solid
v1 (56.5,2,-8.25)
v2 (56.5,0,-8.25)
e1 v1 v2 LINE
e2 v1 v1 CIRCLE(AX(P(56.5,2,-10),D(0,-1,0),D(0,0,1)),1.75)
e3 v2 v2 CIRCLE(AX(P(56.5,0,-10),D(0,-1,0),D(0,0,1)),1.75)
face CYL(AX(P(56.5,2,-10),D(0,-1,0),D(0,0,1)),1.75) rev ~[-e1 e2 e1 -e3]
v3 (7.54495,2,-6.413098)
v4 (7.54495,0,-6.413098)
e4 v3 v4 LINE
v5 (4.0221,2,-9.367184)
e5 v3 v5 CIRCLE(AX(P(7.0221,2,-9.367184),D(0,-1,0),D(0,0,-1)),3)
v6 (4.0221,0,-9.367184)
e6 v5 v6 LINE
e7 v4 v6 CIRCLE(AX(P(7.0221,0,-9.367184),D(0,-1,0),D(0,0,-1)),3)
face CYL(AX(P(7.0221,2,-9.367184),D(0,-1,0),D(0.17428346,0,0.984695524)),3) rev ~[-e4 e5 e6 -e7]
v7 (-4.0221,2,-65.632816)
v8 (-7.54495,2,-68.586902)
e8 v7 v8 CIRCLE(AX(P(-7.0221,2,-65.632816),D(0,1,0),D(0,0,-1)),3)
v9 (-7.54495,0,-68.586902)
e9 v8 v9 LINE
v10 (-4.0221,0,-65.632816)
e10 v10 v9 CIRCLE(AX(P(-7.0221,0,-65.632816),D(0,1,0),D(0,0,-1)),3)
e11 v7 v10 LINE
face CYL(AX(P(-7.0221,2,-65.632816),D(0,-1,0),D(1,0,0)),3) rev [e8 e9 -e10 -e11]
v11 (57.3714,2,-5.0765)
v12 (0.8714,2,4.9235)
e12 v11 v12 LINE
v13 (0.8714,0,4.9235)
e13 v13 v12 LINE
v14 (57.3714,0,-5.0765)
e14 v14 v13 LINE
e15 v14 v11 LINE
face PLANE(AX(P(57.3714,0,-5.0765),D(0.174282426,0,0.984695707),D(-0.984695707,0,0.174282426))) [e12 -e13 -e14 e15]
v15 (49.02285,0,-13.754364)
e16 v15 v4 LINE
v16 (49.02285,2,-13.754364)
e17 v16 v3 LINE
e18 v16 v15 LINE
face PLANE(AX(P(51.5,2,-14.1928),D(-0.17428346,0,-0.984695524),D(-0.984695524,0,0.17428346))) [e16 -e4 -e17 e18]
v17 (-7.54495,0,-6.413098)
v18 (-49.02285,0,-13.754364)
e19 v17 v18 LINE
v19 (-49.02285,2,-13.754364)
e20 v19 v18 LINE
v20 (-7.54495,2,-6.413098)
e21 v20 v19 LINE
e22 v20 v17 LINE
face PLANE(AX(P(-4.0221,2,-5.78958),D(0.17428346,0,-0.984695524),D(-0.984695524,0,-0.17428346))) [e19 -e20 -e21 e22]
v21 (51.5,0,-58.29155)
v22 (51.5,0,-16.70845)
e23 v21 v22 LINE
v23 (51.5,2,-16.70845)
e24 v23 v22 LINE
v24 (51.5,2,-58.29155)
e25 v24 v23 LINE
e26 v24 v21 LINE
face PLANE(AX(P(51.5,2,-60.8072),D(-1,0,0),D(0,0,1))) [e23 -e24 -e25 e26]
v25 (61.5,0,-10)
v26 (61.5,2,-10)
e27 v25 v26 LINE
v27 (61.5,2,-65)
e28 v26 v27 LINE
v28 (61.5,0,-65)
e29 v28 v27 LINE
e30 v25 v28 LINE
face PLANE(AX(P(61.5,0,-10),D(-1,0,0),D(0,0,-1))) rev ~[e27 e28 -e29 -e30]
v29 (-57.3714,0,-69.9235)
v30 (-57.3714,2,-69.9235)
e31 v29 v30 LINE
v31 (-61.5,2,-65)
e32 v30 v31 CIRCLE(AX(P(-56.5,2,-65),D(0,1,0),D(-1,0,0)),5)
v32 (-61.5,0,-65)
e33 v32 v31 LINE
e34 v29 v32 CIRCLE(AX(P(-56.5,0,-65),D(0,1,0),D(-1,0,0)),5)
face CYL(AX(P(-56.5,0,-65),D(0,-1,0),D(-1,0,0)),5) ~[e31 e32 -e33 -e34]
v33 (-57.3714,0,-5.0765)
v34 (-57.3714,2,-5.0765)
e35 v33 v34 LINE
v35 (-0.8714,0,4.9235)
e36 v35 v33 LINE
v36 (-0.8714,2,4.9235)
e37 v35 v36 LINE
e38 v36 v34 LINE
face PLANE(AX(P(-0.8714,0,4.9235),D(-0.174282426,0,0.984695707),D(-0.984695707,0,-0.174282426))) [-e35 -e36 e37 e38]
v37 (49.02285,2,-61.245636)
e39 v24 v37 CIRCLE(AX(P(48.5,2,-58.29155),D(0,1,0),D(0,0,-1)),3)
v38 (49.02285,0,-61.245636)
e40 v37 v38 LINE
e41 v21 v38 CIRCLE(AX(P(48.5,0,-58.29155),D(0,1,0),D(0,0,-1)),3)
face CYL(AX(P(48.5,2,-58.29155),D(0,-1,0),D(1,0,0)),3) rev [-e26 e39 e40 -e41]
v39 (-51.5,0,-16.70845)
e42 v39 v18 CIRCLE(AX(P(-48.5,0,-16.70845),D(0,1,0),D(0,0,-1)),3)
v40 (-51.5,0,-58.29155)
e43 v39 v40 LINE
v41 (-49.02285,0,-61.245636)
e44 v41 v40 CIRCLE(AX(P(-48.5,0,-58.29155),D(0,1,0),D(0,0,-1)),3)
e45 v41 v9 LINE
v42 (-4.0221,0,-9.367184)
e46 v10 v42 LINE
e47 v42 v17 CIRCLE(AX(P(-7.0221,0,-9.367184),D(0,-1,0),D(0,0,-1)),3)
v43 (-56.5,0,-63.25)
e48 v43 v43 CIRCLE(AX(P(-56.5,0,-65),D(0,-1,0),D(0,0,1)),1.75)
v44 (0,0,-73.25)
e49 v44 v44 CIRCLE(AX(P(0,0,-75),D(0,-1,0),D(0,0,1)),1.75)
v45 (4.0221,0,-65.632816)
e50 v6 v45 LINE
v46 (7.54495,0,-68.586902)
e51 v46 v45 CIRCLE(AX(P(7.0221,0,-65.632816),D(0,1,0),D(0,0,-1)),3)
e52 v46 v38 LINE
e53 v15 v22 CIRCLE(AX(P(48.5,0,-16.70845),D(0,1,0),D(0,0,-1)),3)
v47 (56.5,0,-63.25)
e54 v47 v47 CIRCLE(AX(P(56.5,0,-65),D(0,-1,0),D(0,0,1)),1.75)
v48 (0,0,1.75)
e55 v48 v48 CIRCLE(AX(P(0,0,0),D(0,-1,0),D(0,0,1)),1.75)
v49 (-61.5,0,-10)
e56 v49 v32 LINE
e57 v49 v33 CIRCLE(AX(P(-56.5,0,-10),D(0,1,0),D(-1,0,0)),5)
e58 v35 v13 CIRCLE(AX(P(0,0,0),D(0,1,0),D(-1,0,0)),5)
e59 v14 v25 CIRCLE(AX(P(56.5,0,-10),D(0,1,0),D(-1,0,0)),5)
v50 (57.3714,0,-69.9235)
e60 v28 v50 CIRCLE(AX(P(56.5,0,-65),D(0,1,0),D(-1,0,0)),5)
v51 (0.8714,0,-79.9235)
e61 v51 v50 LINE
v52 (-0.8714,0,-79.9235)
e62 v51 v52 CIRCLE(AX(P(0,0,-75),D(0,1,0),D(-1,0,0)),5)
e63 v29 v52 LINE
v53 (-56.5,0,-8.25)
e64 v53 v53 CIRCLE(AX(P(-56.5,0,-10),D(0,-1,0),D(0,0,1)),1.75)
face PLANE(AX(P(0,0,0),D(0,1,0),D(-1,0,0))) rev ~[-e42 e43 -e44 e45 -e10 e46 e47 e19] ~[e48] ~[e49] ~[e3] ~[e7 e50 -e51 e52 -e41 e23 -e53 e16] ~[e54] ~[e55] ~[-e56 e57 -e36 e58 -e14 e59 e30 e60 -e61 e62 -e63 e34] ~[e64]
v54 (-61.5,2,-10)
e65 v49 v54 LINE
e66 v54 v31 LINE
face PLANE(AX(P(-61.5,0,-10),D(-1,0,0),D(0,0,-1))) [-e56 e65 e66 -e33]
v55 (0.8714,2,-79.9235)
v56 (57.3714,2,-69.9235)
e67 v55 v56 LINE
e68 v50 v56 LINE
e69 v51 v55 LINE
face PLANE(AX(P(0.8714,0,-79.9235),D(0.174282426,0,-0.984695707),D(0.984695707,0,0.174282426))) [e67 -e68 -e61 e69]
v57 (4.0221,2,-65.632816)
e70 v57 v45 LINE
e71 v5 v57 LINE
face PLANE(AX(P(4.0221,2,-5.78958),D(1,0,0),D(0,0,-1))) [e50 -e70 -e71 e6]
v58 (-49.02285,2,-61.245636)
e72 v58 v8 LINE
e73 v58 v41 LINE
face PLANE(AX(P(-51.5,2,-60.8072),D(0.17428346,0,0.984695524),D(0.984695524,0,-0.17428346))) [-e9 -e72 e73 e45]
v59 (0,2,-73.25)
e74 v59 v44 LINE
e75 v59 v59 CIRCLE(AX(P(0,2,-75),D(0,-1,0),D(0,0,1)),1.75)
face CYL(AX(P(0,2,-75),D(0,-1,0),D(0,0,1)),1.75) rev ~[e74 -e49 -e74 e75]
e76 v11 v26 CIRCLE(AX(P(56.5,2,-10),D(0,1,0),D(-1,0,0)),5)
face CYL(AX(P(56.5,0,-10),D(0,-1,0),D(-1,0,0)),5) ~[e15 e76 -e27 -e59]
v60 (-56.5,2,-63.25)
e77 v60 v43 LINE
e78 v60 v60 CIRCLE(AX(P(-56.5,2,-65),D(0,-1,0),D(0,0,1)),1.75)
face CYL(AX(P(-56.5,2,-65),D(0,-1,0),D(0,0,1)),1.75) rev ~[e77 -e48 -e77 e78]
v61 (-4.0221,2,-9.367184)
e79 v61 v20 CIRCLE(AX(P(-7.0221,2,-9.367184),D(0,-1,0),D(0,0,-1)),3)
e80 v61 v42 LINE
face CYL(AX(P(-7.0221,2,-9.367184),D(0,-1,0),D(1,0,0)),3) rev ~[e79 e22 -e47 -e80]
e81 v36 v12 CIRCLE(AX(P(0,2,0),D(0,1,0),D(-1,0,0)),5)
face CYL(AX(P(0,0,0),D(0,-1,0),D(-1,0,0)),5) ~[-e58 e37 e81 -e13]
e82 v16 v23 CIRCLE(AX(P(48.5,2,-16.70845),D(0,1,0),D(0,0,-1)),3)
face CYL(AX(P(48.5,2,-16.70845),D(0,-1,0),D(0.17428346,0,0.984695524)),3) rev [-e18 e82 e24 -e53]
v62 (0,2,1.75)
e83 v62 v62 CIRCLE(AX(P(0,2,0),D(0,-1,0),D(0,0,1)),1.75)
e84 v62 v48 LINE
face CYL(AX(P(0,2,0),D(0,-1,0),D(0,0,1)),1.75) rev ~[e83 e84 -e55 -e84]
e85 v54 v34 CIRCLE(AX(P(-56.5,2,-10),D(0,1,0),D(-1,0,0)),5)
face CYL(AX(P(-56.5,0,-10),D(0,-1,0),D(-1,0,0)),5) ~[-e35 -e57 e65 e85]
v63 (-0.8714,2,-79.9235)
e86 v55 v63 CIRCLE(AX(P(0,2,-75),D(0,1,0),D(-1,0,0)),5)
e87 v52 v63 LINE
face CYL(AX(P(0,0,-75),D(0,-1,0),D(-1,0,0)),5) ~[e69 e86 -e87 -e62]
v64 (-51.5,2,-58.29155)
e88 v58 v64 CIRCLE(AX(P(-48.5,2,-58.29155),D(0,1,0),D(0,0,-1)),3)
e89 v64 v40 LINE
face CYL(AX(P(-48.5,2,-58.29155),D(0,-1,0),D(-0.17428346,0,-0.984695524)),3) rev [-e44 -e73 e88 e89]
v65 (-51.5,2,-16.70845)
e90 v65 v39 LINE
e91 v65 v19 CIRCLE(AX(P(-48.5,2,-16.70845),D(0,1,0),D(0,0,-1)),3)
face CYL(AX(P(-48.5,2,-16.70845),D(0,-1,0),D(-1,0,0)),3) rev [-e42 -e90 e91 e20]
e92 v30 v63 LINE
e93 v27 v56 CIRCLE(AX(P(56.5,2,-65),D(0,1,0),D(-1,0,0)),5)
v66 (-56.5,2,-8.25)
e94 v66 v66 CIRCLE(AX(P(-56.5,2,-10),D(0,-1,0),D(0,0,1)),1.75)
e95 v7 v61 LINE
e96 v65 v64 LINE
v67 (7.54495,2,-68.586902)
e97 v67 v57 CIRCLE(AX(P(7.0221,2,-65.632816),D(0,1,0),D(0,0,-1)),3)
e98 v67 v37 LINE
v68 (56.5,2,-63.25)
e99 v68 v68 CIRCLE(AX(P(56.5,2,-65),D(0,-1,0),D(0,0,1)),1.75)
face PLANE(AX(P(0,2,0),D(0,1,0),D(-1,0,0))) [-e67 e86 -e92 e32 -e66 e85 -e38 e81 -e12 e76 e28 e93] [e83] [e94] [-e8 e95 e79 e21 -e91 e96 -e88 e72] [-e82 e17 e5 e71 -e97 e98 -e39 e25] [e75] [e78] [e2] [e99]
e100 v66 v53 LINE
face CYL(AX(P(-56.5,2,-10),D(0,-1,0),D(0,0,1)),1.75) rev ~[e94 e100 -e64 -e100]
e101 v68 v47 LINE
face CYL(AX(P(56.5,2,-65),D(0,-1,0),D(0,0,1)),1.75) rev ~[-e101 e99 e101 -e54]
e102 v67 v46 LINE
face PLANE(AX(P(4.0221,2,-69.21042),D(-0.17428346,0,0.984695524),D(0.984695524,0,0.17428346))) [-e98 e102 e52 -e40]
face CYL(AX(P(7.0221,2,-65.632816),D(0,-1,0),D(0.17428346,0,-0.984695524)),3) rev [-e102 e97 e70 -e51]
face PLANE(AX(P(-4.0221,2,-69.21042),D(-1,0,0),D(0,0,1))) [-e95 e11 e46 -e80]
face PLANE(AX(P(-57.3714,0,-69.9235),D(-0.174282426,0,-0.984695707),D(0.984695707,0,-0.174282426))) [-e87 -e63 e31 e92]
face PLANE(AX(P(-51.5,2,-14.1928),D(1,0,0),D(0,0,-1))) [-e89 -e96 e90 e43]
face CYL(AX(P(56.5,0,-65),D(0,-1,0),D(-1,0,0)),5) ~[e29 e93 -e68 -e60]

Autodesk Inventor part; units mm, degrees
ref_plane "YZ Plane" through (0, 0, 0) normal (1, 0, 0) x (0, 1, 0)
ref_plane "XZ Plane" through (0, 0, 0) normal (0, 1, 0) x (-1, 0, 0)
ref_plane "XY Plane" through (0, 0, 0) normal (0, 0, 1) x (1, 0, 0)
sketch "Szkic1" plane through (0, 0, 0) normal (0, 1, 0) x (-1, 0, 0)
  line L0 (0, 0) -> (0, -75) construction
  line L1 (-56.5, -37.5) -> (56.5, -37.5) construction
  line L2 (56.5, -10) -> (56.5, -65) construction
  line L3 (-56.5, -10) -> (-56.5, -65) construction
  circle A0 centre (56.5, -10) radius 5
  circle A1 centre (56.5, -65) radius 5
  circle A2 centre (0, 0) radius 5
  circle A3 centre (0, -75) radius 5
  circle A4 centre (-56.5, -10) radius 5
  circle A5 centre (-56.5, -65) radius 5
  line L4 (0.8714, 4.9235) -> (57.3714, -5.0765)
  line L5 (57.3714, -69.9235) -> (0.8714, -79.9235)
  line L6 (-0.8714, -79.9235) -> (-57.3714, -69.9235)
  line L7 (-57.3714, -5.0765) -> (-0.8714, 4.9235)
  line L8 (-61.5, -10) -> (-61.5, -65)
  line L9 (61.5, -10) -> (61.5, -65)
  point P0 (0, -37.5)
  point P1 (0, -37.5)
  dimension "d0" = 75
  dimension "d1" = 113
  dimension "d2" = 55
  dimension "d3" = 55
  dimension "d4" = 10
  dimension "d5" = 10
  dimension "d6" = 10
  dimension "d7" = 10
  dimension "d8" = 10
  dimension "d9" = 10
extrude "Wyciągnięcie proste1" add sketch "Szkic1" along normal blind 2
sketch "Szkic2" plane through (0, 2, 0) normal (0, 1, 0) x (1, 0, 0)
  arc A0 (-0.8714, -4.9235) -> (0.8714, -4.9235) centre (0, 0) ccw projected
  arc A1 (0.8714, 79.9235) -> (-0.8714, 79.9235) centre (0, 75) ccw projected
  arc A2 (61.5, 65) -> (57.3714, 69.9235) centre (56.5, 65) ccw projected
  arc A3 (57.3714, 5.0765) -> (61.5, 10) centre (56.5, 10) ccw projected
  arc A4 (-61.5, 10) -> (-57.3714, 5.0765) centre (-56.5, 10) ccw projected
  arc A5 (-57.3714, 69.9235) -> (-61.5, 65) centre (-56.5, 65) ccw projected
hole "Otwór1" at (-56.5, 2, -65) at (-56.5, 2, -10) at (0, 2, 0) at (56.5, 2, -10) at (0, 2, -75) at (56.5, 2, -65) direction (0, -1, 0) diameter 3.5 depth 8
sketch "Szkic3" plane through (0, 2, 0) normal (0, 1, 0) x (1, 0, 0)
  circle A0 centre (0, 75) radius 1.75 projected
  circle A1 centre (0, 0) radius 1.75 projected
  circle A2 centre (-56.5, 65) radius 1.75 projected
  circle A3 centre (-56.5, 10) radius 1.75 projected
  circle A4 centre (56.5, 10) radius 1.75 projected
  circle A5 centre (56.5, 65) radius 1.75 projected
  arc A6 (-61.5, 10) -> (-57.3714, 5.0765) centre (-56.5, 10) ccw projected
  line L0 (-57.3714, 5.0765) -> (-0.8714, -4.9235) projected
  arc A7 (-0.8714, -4.9235) -> (0.8714, -4.9235) centre (0, 0) ccw projected
  line L1 (0.8714, -4.9235) -> (57.3714, 5.0765) projected
  arc A8 (57.3714, 5.0765) -> (61.5, 10) centre (56.5, 10) ccw projected
  line L2 (61.5, 10) -> (61.5, 65) projected
  arc A9 (61.5, 65) -> (57.3714, 69.9235) centre (56.5, 65) ccw projected
  line L3 (57.3714, 69.9235) -> (0.8714, 79.9235) projected
  arc A10 (0.8714, 79.9235) -> (-0.8714, 79.9235) centre (0, 75) ccw projected
  line L4 (-0.8714, 79.9235) -> (-57.3714, 69.9235) projected
  arc A11 (-57.3714, 69.9235) -> (-61.5, 65) centre (-56.5, 65) ccw projected
  line L5 (-61.5, 65) -> (-61.5, 10) projected
  line L6 (0, 5.0777) -> (-51.5, 14.1928)
  line L7 (-51.5, 14.1928) -> (-51.5, 60.8072)
  line L8 (-51.5, 60.8072) -> (0, 69.9223)
  line L9 (0, 69.9223) -> (51.5, 60.8072)
  line L10 (51.5, 60.8072) -> (51.5, 14.1928)
  line L11 (51.5, 14.1928) -> (0, 5.0777)
  circle A12 centre (0, 0) radius 1.75 projected
  circle A13 centre (0, 75) radius 1.75 projected
  line L12 (0, 0) -> (0, 75) construction
  line L13 (4.0221, 0) -> (4.0221, 75)
  line L14 (-4.0221, 75) -> (-4.0221, 0)
  arc A14 (-4.0221, 0) -> (4.0221, 0) centre (0, 0) ccw
  arc A15 (4.0221, 75) -> (-4.0221, 75) centre (0, 75) ccw
  point P0 (0, 37.5)
  point P1 (4.0221, 69.2104)
  point P2 (4.0221, 5.7896)
  point P3 (-4.0221, 5.7896)
  point P4 (-4.0221, 69.2104)
  dimension "d19" = 10
extrude "Wyciągnięcie proste2" cut sketch "Szkic3" against normal through all contours L6 L7 L8 L14 | L13 L9 L10 L11
fillet "Zaokrąglenie1" radius 3 8 edges at (-51.5, 1, -60.8072) (-51.5, 1, -14.1928) (-4.0221, 1, -5.7896) (4.0221, 1, -5.7896) (-4.0221, 1, -69.2104) (4.0221, 1, -69.2104) (51.5, 1, -60.8072) (51.5, 1, -14.1928)
properties part number "podstawa"
